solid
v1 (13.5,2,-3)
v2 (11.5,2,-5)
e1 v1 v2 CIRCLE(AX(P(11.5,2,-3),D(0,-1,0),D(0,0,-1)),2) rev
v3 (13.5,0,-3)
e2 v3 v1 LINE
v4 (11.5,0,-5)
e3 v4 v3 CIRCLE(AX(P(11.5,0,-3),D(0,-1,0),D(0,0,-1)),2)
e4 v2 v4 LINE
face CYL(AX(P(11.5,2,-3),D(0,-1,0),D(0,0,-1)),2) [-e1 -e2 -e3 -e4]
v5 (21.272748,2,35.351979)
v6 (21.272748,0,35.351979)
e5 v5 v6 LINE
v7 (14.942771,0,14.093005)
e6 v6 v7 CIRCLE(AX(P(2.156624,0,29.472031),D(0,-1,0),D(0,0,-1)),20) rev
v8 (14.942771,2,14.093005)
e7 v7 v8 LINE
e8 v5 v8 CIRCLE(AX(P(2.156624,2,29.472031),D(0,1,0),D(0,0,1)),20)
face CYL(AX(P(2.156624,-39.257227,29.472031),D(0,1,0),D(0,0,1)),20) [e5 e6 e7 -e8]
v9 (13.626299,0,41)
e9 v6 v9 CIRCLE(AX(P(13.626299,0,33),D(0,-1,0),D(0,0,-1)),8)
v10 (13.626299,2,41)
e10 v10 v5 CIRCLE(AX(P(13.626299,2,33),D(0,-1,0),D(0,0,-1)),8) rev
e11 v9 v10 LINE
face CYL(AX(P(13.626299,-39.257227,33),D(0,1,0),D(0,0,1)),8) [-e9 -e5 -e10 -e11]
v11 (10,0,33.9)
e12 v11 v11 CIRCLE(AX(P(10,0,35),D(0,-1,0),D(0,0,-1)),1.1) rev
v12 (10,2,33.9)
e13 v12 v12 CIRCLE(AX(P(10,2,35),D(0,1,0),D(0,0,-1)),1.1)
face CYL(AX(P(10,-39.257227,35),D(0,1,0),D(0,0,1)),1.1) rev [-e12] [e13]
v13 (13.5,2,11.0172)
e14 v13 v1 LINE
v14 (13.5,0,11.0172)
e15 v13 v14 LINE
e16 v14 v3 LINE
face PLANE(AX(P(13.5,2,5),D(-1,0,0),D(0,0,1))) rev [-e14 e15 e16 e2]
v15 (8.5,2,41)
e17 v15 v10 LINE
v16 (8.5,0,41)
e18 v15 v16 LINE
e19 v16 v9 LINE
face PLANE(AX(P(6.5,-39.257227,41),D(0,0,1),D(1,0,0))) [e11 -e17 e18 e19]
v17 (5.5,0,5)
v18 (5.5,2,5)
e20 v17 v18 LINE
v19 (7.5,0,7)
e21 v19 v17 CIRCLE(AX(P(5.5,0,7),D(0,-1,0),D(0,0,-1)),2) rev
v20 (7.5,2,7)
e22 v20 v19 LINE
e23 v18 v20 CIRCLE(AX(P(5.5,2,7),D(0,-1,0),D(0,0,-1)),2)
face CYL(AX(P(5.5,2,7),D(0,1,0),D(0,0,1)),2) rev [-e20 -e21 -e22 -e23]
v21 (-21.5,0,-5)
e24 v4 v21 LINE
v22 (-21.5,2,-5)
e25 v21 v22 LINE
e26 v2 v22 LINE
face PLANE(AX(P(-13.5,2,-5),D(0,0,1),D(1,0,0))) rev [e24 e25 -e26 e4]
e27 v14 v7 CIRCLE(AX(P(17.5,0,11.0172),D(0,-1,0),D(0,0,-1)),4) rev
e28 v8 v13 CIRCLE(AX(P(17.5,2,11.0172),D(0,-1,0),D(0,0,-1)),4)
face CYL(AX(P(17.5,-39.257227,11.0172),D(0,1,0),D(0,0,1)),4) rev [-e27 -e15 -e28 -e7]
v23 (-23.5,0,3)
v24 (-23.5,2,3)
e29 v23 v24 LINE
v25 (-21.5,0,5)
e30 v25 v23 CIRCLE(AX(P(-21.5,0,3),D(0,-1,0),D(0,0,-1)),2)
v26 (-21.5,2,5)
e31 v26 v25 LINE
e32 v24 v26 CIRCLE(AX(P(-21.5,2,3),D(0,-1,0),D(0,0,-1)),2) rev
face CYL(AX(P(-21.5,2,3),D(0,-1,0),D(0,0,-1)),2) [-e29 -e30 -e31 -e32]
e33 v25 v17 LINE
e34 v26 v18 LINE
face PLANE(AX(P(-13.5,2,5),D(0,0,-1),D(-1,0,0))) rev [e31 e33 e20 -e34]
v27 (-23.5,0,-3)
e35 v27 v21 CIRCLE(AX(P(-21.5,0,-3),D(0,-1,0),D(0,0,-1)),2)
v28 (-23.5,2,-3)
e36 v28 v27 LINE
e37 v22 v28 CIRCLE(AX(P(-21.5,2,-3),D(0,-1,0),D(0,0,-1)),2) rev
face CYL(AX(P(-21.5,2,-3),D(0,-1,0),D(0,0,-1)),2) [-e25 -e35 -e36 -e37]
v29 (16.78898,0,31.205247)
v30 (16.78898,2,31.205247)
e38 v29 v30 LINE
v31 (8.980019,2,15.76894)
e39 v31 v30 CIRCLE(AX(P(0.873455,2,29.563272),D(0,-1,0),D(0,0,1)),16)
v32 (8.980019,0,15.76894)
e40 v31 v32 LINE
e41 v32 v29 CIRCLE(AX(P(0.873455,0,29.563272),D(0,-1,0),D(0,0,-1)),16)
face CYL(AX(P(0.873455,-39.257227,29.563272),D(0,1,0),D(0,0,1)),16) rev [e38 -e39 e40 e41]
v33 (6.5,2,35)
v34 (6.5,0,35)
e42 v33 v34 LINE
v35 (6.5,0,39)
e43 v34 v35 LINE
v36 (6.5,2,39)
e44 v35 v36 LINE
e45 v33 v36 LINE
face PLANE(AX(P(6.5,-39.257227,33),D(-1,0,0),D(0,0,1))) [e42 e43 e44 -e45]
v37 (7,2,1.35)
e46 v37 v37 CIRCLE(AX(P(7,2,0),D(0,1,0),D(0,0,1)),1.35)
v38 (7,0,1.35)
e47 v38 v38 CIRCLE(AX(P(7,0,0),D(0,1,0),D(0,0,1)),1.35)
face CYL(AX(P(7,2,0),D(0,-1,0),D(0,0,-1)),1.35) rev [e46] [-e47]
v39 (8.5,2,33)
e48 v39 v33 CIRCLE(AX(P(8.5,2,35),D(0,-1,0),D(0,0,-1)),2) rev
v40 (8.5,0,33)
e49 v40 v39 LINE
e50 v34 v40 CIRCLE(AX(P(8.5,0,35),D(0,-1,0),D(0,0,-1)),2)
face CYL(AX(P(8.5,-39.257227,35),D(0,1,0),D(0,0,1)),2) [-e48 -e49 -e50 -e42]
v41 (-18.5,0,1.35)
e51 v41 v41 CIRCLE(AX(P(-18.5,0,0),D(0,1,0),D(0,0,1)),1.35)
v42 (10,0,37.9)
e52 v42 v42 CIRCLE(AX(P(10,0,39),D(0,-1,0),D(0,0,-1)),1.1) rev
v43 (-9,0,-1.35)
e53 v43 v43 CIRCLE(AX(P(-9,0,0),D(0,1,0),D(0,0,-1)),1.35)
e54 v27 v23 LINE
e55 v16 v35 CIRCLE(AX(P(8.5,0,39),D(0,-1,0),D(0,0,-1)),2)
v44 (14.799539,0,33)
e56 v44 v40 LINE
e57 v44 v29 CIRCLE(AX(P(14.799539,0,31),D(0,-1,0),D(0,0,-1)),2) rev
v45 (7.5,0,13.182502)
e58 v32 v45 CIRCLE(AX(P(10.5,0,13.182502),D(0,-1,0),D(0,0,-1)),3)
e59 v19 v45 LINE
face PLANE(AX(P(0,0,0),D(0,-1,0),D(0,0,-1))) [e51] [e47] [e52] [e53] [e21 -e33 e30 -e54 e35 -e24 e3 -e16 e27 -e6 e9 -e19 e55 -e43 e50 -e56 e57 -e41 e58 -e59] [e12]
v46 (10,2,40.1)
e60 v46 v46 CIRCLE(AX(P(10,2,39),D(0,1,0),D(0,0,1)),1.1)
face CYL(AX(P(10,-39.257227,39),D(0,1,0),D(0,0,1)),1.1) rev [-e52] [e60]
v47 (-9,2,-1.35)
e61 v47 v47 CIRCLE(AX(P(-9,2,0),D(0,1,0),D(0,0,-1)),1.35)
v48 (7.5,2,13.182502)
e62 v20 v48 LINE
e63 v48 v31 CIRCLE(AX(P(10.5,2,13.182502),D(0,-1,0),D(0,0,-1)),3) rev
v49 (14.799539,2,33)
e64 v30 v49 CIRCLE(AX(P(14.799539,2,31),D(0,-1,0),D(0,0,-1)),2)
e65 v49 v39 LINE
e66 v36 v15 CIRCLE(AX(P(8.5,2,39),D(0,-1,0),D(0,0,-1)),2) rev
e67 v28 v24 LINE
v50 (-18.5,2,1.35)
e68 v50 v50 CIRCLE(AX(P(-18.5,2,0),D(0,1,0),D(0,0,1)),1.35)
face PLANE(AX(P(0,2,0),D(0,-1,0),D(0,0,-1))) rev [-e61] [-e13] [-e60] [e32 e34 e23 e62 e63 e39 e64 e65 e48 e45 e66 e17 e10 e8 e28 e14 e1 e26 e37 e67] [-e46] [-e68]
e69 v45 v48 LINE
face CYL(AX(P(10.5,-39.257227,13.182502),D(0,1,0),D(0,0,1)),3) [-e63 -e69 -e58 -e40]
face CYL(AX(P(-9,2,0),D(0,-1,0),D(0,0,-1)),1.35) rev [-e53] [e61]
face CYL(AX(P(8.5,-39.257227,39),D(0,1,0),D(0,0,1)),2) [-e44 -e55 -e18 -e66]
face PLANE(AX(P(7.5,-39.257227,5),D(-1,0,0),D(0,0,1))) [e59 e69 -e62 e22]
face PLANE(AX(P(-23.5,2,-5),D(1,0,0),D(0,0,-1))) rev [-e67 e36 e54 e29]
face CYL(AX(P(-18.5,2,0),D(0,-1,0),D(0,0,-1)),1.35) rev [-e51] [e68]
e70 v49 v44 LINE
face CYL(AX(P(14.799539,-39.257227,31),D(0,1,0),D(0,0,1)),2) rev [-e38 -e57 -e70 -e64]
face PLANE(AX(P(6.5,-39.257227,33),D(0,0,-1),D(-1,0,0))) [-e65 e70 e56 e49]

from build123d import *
from OCP.BRepFilletAPI import BRepFilletAPI_MakeFillet

# Parameters (mm, degrees)
SKETCH_1_R      = 1.35
EXTRUDE_1_DEPTH = 2
SKETCH_2_R      = 1.1
EXTRUDE_2_DEPTH = 2
FILLET_3_R1     = 3
FILLET_3_R2     = 4
FILLET_3_R3     = 2
FILLET_3_R4     = 8
FILLET_4_R      = 2


with BuildPart() as part:
    # 草图1 → 凸台-拉伸1 (new body)
    with BuildSketch(Plane(origin=(0, 0, 0), x_dir=(1, 0, 0), z_dir=(0, 1, 0))):
        Polygon((-13.5, -5), (13.5, -5), (13.5, 5), (-13.5, 5), (-23.5, 5), (-23.5, -5), align=None)
        with Locations(Location((7, 0, 0), (0, 0, 270))):
            Circle(SKETCH_1_R, mode=Mode.SUBTRACT)
        with Locations(Location((-9, 0, 0), (0, 0, 90))):
            Circle(SKETCH_1_R, mode=Mode.SUBTRACT)
        with Locations(Location((-18.5, 0, 0), (0, 0, 270))):
            Circle(SKETCH_1_R, mode=Mode.SUBTRACT)
    extrude(amount=EXTRUDE_1_DEPTH)

    # 草图2 → 凸台-拉伸2 (add)
    with BuildSketch(Plane(origin=(0, 2, 0), x_dir=(1, 0, 0), z_dir=(0, 1, 0))):
        with BuildLine():
            Line((13.5, -5), (13.5, -13))
            ThreePointArc((13.5, -13), (21.845175456, -25.956218669), (18.5, -41))
            Line((18.5, -41), (6.5, -41))
            Line((6.5, -41), (6.5, -33))
            Line((6.5, -33), (16.5, -33))
            ThreePointArc((16.5, -33), (15.184290219, -22.40785489), (7.5, -15))
            Line((7.5, -15), (7.5, -5))
            Line((7.5, -5), (13.5, -5))
        make_face()
        with Locations(Location((10, -39, 0), (0, 0, 270))):
            Circle(SKETCH_2_R, mode=Mode.SUBTRACT)
        with Locations(Location((10, -35, 0), (0, 0, 90))):
            Circle(SKETCH_2_R, mode=Mode.SUBTRACT)
    extrude(amount=-EXTRUDE_2_DEPTH)

    # 圆角3: one fillet with a radius per group of edges: ONE call of the kernel's fillet builder (fillet() takes one radius for all edges)
    fillet_3_edges_1 = [part.edges().sort_by_distance(p)[0] for p in [
        (7.5, 1, 15),
    ]]
    fillet_3_edges_2 = [part.edges().sort_by_distance(p)[0] for p in [
        (13.5, 1, 13),
    ]]
    fillet_3_edges_3 = [part.edges().sort_by_distance(p)[0] for p in [
        (16.5, 1, 33),
    ]]
    fillet_3_edges_4 = [part.edges().sort_by_distance(p)[0] for p in [
        (18.5, 1, 41),
    ]]
    fillet_3 = BRepFilletAPI_MakeFillet(part.part.solid().wrapped)
    for e in fillet_3_edges_1:
        fillet_3.Add(FILLET_3_R1, e.wrapped)
    for e in fillet_3_edges_2:
        fillet_3.Add(FILLET_3_R2, e.wrapped)
    for e in fillet_3_edges_3:
        fillet_3.Add(FILLET_3_R3, e.wrapped)
    for e in fillet_3_edges_4:
        fillet_3.Add(FILLET_3_R4, e.wrapped)
    add(Compound.cast(fillet_3.Shape()), mode=Mode.REPLACE)

    # 圆角4
    fillet_4_edges = [part.edges().sort_by_distance(p)[0] for p in [
        (-23.5, 1, 5),
        (-23.5, 1, -5),
        (13.5, 1, -5),
        (7.5, 1, 5),
        (6.5, 1, 41),
        (6.5, 1, 33),
    ]]
    fillet(fillet_4_edges, radius=FILLET_4_R)


solid = part.part
